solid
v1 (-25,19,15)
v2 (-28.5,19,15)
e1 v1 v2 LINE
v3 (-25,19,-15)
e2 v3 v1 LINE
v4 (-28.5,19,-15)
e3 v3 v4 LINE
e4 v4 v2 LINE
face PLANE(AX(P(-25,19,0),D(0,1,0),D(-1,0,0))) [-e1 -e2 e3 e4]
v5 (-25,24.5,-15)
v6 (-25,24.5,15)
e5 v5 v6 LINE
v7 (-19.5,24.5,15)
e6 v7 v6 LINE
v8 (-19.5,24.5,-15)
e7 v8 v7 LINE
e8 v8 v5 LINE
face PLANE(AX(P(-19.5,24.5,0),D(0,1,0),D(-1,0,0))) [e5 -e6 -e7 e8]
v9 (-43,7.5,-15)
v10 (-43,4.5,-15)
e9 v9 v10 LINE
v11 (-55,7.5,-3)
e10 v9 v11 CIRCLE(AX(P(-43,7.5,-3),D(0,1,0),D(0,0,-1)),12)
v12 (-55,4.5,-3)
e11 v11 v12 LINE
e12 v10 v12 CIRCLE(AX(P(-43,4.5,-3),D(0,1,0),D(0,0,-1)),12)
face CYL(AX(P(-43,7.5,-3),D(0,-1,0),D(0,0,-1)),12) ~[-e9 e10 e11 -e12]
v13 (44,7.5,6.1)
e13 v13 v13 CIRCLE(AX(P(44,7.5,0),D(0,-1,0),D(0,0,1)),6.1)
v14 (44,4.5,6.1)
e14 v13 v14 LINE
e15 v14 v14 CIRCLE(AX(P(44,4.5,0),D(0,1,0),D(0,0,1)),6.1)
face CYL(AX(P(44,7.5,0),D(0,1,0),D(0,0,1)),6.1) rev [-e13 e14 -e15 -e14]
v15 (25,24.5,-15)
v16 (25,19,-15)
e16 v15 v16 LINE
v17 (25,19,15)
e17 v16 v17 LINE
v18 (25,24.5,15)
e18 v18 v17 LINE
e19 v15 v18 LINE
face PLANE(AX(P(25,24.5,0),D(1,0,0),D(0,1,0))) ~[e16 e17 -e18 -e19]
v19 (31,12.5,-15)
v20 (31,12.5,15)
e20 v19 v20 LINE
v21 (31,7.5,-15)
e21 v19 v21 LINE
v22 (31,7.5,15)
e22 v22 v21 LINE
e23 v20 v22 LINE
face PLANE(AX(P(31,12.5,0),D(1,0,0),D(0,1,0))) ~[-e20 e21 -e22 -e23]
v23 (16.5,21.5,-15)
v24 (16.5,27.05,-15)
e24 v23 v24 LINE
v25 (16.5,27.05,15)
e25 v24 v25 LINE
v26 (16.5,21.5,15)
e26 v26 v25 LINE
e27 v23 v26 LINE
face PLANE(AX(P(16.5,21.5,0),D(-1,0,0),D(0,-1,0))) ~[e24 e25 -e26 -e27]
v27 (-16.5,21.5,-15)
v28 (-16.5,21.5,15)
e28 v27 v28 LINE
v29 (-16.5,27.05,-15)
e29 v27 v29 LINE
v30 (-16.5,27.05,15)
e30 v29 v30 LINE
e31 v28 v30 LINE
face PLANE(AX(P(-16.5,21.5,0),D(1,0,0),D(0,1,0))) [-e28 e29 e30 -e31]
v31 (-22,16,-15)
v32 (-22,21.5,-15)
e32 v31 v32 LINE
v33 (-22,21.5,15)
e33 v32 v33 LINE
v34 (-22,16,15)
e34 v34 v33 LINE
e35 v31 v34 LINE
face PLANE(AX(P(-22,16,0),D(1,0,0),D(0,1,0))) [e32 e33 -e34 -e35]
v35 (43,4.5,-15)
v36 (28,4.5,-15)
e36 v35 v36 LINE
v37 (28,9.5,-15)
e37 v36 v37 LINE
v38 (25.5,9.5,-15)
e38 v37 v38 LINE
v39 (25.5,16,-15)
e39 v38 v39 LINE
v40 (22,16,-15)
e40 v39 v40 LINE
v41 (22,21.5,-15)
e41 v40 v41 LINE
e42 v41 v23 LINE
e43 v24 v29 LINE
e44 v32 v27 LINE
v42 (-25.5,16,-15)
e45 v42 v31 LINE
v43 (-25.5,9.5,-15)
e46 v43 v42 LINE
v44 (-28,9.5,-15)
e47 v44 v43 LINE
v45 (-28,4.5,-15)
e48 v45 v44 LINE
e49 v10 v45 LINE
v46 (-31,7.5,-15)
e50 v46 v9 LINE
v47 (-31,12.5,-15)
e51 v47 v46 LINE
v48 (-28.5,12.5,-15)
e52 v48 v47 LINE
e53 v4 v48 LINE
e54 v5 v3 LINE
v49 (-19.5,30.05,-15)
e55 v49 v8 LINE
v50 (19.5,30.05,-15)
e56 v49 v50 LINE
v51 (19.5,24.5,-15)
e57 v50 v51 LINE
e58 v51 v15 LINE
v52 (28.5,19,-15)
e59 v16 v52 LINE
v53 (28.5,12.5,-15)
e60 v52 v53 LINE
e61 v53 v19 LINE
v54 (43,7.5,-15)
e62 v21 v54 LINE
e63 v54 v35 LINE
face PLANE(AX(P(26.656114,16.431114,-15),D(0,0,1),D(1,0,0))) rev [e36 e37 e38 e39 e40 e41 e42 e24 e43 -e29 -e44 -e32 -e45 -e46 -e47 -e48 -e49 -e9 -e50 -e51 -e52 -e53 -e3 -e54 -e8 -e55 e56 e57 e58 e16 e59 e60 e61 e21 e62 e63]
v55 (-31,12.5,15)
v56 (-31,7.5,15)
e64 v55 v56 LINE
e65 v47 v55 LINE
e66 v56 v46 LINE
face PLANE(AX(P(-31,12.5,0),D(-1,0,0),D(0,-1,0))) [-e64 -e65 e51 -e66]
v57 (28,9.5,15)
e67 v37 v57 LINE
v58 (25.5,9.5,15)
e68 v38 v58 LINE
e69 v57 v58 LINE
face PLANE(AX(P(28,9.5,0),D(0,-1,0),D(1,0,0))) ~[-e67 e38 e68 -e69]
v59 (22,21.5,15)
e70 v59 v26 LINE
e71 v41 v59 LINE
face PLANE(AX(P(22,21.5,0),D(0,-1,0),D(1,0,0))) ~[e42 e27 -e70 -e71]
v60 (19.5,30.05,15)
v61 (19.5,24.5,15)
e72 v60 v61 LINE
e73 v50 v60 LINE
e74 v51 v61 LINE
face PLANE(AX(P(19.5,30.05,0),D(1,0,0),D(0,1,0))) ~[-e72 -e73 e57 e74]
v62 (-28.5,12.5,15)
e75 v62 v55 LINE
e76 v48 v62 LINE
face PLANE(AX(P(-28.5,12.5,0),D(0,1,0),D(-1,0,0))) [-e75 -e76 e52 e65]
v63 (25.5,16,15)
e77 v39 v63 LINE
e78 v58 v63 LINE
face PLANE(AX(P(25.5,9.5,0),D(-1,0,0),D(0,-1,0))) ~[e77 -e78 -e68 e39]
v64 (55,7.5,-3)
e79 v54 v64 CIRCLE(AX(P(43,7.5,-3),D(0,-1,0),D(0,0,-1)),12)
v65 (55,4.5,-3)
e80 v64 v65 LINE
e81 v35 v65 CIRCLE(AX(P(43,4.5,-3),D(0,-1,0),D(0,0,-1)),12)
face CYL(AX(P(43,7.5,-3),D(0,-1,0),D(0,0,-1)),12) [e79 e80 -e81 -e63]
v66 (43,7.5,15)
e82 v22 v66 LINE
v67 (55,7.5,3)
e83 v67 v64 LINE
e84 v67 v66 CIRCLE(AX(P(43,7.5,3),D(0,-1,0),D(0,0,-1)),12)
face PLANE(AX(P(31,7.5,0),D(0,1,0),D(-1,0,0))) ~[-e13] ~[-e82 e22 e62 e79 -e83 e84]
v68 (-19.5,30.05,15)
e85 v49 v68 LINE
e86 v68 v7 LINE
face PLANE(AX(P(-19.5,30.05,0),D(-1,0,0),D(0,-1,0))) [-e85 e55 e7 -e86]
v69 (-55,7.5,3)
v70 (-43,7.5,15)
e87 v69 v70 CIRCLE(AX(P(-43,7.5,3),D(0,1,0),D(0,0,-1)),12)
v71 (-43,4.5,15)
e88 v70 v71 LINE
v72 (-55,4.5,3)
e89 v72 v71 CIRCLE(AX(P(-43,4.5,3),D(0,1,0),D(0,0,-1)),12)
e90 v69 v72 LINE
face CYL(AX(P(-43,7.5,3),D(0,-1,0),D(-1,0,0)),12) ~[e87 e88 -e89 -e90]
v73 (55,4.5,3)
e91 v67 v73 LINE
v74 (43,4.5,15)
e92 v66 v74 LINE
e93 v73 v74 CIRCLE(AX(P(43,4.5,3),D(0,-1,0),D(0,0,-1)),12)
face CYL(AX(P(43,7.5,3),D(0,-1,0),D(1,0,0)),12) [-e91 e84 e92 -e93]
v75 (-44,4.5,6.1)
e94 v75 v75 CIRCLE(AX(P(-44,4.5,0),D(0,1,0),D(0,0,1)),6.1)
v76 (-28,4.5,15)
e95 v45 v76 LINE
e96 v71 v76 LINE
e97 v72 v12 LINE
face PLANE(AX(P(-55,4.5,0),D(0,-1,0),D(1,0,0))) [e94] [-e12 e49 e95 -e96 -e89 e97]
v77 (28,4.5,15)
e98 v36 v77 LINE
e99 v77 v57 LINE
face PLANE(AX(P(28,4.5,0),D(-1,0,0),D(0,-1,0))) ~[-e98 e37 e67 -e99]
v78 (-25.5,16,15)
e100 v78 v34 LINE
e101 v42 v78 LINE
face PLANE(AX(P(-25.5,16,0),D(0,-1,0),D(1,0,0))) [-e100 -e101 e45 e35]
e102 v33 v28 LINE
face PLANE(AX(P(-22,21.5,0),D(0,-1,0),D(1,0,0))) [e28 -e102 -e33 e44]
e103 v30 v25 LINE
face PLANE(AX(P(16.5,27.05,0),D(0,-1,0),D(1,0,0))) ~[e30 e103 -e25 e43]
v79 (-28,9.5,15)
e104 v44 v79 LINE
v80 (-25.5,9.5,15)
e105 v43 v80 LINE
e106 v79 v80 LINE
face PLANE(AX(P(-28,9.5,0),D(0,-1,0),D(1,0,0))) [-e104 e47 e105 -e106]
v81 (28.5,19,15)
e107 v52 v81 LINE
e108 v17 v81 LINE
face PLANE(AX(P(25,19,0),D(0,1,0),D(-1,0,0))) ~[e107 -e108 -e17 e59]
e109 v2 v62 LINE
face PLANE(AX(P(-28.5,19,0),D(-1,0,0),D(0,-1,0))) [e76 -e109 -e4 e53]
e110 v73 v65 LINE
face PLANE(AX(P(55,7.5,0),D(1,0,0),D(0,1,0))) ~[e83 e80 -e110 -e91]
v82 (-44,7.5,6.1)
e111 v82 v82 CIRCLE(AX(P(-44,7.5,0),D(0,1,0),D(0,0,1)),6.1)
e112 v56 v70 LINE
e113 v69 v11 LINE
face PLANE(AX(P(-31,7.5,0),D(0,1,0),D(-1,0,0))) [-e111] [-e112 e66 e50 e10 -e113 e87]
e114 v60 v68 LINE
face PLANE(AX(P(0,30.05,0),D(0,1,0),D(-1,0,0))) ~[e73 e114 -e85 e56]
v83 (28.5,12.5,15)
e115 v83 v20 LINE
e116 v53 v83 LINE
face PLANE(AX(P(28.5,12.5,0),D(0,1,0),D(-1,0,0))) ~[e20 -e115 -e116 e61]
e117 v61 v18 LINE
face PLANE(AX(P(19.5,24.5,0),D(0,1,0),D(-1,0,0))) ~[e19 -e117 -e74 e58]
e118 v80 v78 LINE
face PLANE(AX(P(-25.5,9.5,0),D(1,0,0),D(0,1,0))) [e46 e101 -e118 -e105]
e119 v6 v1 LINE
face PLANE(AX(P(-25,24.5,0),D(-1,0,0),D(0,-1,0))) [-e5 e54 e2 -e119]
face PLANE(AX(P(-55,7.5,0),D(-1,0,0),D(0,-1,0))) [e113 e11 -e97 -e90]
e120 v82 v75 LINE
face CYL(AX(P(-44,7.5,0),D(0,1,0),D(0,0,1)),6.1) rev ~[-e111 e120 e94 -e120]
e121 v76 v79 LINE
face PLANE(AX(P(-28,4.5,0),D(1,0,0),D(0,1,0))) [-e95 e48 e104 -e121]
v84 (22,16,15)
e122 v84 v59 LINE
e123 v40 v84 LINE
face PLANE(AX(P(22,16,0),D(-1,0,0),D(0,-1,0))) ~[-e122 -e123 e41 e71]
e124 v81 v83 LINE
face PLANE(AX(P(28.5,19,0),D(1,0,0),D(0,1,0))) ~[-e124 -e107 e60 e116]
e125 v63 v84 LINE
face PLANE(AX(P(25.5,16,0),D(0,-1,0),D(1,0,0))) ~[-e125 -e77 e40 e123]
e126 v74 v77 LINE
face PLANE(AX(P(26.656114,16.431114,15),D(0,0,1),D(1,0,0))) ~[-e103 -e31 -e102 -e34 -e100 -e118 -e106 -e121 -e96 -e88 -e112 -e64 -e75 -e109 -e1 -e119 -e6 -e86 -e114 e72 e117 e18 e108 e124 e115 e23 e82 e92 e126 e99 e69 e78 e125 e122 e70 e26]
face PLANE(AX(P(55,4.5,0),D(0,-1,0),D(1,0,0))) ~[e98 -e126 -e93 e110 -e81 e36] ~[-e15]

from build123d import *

# Parameters (mm, degrees)
EXTRUDE_THIN1_DEPTH  = 15
SKETCH2_R            = 6.1
CUT_EXTRUDE1_DEPTH   = 62.306626885
FILLET1_R            = 12
FILLET1_OF_MIRROR1_R = 12


with BuildPart() as part:
    # Sketch1 → Extrude-Thin1 (new, symmetric)
    with BuildSketch(Plane.XY):
        Polygon((-55, 4.5), (-28, 4.5), (-28, 9.5), (-25.5, 9.5), (-25.5, 16), (-22, 16), (-22, 21.5), (-16.5, 21.5), (-16.5, 27.05), (0, 27.05), (0, 30.05), (-19.5, 30.05), (-19.5, 24.5), (-25, 24.5), (-25, 19), (-28.5, 19), (-28.5, 12.5), (-31, 12.5), (-31, 7.5), (-55, 7.5), align=None)
    extrude_thin1 = extrude(amount=EXTRUDE_THIN1_DEPTH, both=True)

    # Sketch2 → Cut-Extrude1 (cut, through all)
    with BuildSketch(Plane(origin=(0, 7.5, 0), x_dir=(1, 0, 0), z_dir=(0, 1, 0))):
        with Locations(Location((-44, 0, 0), (0, 0, 270))):
            Circle(SKETCH2_R)
    cut_extrude1 = extrude(amount=-CUT_EXTRUDE1_DEPTH, mode=Mode.SUBTRACT)

    # Fillet1
    fillet1_edges = [part.edges().sort_by_distance(p)[0] for p in [
        (-55, 6, -15),
        (-55, 6, 15),
    ]]
    fillet(fillet1_edges, radius=FILLET1_R)

    # Mirror1: Extrude-Thin1, Cut-Extrude1 across plane
    add(extrude_thin1.mirror(Plane(origin=(0, 30.05, 15), x_dir=(0, 0, 1), z_dir=(1, 0, 0))))
    add(cut_extrude1.mirror(Plane(origin=(0, 30.05, 15), x_dir=(0, 0, 1), z_dir=(1, 0, 0))), mode=Mode.SUBTRACT)

    # Fillet1 of Mirror1
    fillet1_of_mirror1_edges = [part.edges().sort_by_distance(p)[0] for p in [
        (55, 6, -15),
        (55, 6, 15),
    ]]
    fillet(fillet1_of_mirror1_edges, radius=FILLET1_OF_MIRROR1_R)


solid = part.part
